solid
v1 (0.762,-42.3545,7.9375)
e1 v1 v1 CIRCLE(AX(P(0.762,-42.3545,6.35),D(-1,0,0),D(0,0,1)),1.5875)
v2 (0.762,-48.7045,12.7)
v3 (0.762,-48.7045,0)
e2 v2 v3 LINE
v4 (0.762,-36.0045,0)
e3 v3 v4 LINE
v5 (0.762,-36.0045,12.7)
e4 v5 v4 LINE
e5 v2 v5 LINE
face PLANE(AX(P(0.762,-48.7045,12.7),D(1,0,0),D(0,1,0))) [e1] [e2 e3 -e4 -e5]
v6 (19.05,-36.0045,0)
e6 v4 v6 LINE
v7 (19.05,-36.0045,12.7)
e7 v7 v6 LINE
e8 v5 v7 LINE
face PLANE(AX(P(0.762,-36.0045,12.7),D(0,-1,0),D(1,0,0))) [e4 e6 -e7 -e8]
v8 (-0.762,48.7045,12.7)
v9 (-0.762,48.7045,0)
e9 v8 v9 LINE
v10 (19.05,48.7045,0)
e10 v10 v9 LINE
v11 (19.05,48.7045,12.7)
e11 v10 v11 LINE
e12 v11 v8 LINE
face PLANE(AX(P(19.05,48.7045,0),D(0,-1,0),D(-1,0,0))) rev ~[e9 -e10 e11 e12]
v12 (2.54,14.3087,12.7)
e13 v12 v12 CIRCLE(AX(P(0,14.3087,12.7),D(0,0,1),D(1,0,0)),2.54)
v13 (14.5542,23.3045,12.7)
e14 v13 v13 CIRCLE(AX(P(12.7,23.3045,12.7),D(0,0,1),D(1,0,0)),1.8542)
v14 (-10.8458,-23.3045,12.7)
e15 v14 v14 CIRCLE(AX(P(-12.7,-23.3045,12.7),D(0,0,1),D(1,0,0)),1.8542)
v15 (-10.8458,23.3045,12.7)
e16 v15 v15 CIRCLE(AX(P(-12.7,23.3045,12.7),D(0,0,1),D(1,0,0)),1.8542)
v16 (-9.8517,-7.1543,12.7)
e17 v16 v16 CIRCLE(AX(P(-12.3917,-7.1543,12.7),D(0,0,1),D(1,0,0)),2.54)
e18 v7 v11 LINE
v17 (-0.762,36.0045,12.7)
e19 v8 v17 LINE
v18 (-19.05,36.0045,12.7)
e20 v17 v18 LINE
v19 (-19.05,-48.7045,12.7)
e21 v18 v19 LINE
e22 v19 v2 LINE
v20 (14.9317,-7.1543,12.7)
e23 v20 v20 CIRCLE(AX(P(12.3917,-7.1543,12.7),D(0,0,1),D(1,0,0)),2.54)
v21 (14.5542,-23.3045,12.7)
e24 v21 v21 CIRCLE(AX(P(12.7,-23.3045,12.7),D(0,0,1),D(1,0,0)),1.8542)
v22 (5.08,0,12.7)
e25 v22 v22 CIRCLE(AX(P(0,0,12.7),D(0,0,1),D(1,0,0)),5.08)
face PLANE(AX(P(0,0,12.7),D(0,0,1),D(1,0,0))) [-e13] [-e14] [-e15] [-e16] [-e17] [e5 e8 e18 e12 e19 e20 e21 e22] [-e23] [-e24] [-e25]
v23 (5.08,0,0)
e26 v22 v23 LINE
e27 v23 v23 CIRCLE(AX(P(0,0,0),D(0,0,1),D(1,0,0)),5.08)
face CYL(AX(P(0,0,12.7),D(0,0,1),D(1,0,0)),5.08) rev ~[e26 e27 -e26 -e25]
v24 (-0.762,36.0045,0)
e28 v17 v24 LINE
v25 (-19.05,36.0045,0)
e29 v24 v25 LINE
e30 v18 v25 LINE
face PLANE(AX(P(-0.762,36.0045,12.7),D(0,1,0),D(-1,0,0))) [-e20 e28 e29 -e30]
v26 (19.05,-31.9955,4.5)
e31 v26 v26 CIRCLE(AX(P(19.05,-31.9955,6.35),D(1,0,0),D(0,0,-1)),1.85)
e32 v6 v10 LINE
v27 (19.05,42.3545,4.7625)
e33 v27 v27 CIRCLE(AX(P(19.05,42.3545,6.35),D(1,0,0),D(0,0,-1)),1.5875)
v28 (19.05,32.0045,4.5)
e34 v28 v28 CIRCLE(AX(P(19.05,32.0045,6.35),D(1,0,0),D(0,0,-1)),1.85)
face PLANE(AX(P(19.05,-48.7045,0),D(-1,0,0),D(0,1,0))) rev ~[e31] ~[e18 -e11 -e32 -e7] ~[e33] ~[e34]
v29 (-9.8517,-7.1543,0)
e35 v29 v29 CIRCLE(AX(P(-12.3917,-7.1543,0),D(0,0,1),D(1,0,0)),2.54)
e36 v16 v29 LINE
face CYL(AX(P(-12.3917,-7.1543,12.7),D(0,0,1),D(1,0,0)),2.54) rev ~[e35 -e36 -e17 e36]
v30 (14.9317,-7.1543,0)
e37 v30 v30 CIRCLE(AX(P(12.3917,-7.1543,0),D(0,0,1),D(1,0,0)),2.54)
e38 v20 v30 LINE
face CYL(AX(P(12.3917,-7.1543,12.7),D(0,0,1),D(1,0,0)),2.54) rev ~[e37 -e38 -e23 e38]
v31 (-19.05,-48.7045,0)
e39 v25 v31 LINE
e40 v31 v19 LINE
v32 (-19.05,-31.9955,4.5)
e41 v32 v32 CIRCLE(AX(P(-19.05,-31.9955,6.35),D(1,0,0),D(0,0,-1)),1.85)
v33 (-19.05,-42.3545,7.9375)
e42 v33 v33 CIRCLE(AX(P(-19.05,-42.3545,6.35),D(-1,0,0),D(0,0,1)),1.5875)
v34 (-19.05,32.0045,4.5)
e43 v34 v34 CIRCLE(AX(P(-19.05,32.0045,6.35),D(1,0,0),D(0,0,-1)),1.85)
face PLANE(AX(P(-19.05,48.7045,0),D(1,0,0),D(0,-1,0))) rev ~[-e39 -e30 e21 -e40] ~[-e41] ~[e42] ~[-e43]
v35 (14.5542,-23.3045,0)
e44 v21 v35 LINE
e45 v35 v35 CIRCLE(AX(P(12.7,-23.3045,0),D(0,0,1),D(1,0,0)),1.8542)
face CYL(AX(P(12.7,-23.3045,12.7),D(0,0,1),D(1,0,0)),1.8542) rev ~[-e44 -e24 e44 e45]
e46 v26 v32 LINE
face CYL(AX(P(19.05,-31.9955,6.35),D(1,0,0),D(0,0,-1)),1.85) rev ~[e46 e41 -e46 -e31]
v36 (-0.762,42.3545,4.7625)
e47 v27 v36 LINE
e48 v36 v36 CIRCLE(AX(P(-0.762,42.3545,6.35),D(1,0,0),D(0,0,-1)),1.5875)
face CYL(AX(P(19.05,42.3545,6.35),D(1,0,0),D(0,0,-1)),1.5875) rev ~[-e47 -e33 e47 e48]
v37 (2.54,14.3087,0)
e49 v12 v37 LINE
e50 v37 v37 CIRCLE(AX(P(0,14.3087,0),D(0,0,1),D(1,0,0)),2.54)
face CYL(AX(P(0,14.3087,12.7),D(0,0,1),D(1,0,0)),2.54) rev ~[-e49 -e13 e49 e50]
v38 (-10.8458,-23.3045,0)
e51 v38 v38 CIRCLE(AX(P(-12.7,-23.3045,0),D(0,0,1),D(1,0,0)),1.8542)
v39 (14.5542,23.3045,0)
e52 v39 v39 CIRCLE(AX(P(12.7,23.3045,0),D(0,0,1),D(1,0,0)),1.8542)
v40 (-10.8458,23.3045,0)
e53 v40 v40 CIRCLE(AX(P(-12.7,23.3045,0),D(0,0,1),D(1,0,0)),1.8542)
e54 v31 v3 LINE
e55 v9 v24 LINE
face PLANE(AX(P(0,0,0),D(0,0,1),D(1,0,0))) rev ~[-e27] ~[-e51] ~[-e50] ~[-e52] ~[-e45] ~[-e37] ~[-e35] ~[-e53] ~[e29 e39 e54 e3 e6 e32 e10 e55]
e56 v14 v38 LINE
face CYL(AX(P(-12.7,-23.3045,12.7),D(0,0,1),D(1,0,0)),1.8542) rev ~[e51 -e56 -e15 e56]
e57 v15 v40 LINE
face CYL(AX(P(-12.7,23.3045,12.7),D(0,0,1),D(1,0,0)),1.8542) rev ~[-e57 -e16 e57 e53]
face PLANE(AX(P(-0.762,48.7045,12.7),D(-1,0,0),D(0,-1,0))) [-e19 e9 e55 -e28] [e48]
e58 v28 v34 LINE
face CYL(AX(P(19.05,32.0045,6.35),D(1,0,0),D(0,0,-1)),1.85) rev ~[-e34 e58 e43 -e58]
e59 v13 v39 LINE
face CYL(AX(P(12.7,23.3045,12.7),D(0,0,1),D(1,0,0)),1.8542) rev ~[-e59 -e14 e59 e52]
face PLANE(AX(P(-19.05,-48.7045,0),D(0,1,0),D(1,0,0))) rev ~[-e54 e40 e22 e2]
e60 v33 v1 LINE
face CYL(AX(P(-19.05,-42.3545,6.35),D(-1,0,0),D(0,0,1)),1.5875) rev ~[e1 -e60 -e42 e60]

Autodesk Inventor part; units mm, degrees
ref_plane "YZ Plane" through (0, 0, 0) normal (1, 0, 0) x (0, 1, 0)
ref_plane "XZ Plane" through (0, 0, 0) normal (0, 1, 0) x (-1, 0, 0)
ref_plane "XY Plane" through (0, 0, 0) normal (0, 0, 1) x (1, 0, 0)
sketch "Sketch1" plane through (0, 0, 0) normal (0, 0, 1) x (1, 0, 0)
  line L0 (-19.05, -48.7045) -> (19.05, -48.7045)
  line L1 (19.05, -48.7045) -> (19.05, 48.7045)
  line L2 (19.05, 48.7045) -> (-19.05, 48.7045)
  line L3 (-19.05, 48.7045) -> (-19.05, -48.7045)
  line L4 (-19.05, -48.7045) -> (19.05, 48.7045) construction
  line L5 (19.05, -48.7045) -> (-19.05, 48.7045) construction
  point P0 (0, 0)
  dimension "d0" = 38.1
  dimension "d1" = 97.409
extrude "Extrusion1" add sketch "Sketch1" along normal blind 12.7
sketch "Sketch2" plane through (0, 0, 12.7) normal (0, 0, 1) x (1, 0, 0)
  line L0 (-19.05, 48.7045) -> (-0.762, 48.7045)
  line L1 (-0.762, 48.7045) -> (-0.762, 36.0045)
  line L2 (-0.762, 36.0045) -> (-19.05, 36.0045)
  line L3 (-19.05, 36.0045) -> (-19.05, 48.7045)
  point P0 (0, 0)
  dimension "d4" = 18.288
  dimension "d5" = 12.7
extrude "Extrusion2" cut sketch "Sketch2" against normal blind 12.7
sketch "Sketch3" plane through (0, 0, 12.7) normal (0, 0, 1) x (1, 0, 0)
  line L0 (19.05, -48.7045) -> (0.762, -48.7045)
  line L1 (0.762, -48.7045) -> (0.762, -36.0045)
  line L2 (0.762, -36.0045) -> (19.05, -36.0045)
  line L3 (19.05, -36.0045) -> (19.05, -48.7045)
  point P0 (0, 0)
  dimension "d8" = 18.288
  dimension "d9" = 12.7
extrude "Extrusion3" cut sketch "Sketch3" against normal blind 12.7
sketch "Sketch4" plane through (0, 0, 12.7) normal (0, 0, 1) x (1, 0, 0)
  circle A0 centre (0, 0) radius 5.08
  dimension "d12" = 10.16
extrude "Extrusion4" cut sketch "Sketch4" against normal blind 12.7
sketch "Sketch5" plane through (19.05, 48.7045, 12.7) normal (1, 0, 0) x (0, 0, -1)
  line L0 (12.7, -97.409) -> (12.7, 0) projected
  line L1 (12.7, 0) -> (0, 0) projected
  line L2 (0, -84.709) -> (0, 0) projected
  line L3 (0, -12.7) -> (12.7, -12.7) projected
  circle A0 centre (6.35, -6.35) radius 1.5875
  point P0 (12.7, -48.7045)
  dimension "d16" = 3.175
  dimension "d17" = 6.35
  dimension "d18" = 6.35
  dimension "d19" = 6.35
  dimension "d20" = 6.35
extrude "Extrusion5" cut sketch "Sketch5" against normal blind 34.29 contours A0
sketch "Sketch9" plane through (-19.05, -48.7045, 0) normal (-1, 0, 0) x (0, 0, 1)
  line L0 (0, 0) -> (12.7, 0) projected
  line L1 (12.7, 84.709) -> (12.7, 0) projected
  line L2 (12.7, 12.709) -> (0, 12.709) projected
  circle A0 centre (6.35, 6.35) radius 1.5875
  line L3 (12.7, 12.7) -> (0, 12.7) projected
  point P0 (0, 48.7045)
  dimension "d34" = 3.175
  dimension "d35" = 6.35
  dimension "d40" = 6.35
  dimension "d41" = 6.35
extrude "Extrusion9" cut sketch "Sketch9" against normal blind 20.701
sketch "Sketch10" plane through (0, 0, 12.7) normal (0, 0, 1) x (1, 0, 0)
  circle A0 centre (0, 0) radius 5.08 projected
  line L0 (0.762, -36.0045) -> (19.05, -36.0045) projected
  line L1 (4.0695, 16.6582) -> (16.4611, -4.8048)
  line L2 (12.3917, -11.8533) -> (-12.3917, -11.8533)
  line L3 (-16.4611, -4.8048) -> (-4.0695, 16.6582)
  line L4 (-1.524, 36.0045) -> (-1.524, -36.0045) construction
  arc A1 (-16.4611, -4.8048) -> (-12.3917, -11.8533) centre (-12.3917, -7.1543) ccw
  arc A2 (4.0695, 16.6582) -> (-4.0695, 16.6582) centre (0, 14.3087) ccw
  arc A3 (12.3917, -11.8533) -> (16.4611, -4.8048) centre (12.3917, -7.1543) ccw
  circle A4 centre (-12.3917, -7.1543) radius 2.54
  circle A5 centre (0, 14.3087) radius 2.54
  circle A6 centre (12.3917, -7.1543) radius 2.54
  point P0 (-0.762, 36.0045)
  point P1 (0, 23.7067)
  point P2 (20.5306, -11.8533)
  point P3 (-20.5306, -11.8533)
  dimension "d52" = 35.56
  dimension "d53" = 4.699
  dimension "d54" = 4.699
  dimension "d55" = 5.08
  dimension "d56" = 5.08
  dimension "d57" = 5.08
extrude "Extrusion11" cut sketch "Sketch10" against normal blind 12.7 contours A4 | A5 | A6
sketch "Sketch11" plane through (19.05, 48.7045, 12.7) normal (1, 0, 0) x (0, 0, -1)
  circle A0 centre (6.35, -16.7) radius 1.85 projected
  circle A1 centre (6.35, -80.7) radius 1.85 projected
  point P0 (12.7, -48.7045)
extrude "Extrusion12" cut sketch "Sketch11" against normal blind 38.1
sketch "Sketch12" plane through (0, 0, 12.7) normal (0, 0, 1) x (1, 0, 0)
  line L0 (0.762, -36.0045) -> (19.05, -36.0045) projected
  line L1 (19.05, -36.0045) -> (19.05, 48.7045) projected
  line L2 (-0.762, 36.0045) -> (-19.05, 36.0045) projected
  line L3 (-19.05, 36.0045) -> (-19.05, -48.7045) projected
  circle A0 centre (-12.7, 23.3045) radius 1.8542
  circle A1 centre (12.7, 23.3045) radius 1.8542
  circle A2 centre (12.7, -23.3045) radius 1.8542
  circle A3 centre (-12.7, -23.3045) radius 1.8542
  dimension "d62" = 3.7084
  dimension "d64" = 6.35
  dimension "d65" = 12.7
  dimension "d66" = 3.7084
  dimension "d67" = 12.7
  dimension "d68" = 6.35
  dimension "d69" = 3.7084
  dimension "d70" = 6.35
  dimension "d71" = 12.7
  dimension "d72" = 3.7084
  dimension "d73" = 6.35
  dimension "d74" = 12.7
extrude "Extrusion13" cut sketch "Sketch12" against normal blind 12.7
equation "\"d17\" = d18"
equation "\"d19\" = d20"
equation "\"d40\" = d41"
properties part number "MotorMount"
